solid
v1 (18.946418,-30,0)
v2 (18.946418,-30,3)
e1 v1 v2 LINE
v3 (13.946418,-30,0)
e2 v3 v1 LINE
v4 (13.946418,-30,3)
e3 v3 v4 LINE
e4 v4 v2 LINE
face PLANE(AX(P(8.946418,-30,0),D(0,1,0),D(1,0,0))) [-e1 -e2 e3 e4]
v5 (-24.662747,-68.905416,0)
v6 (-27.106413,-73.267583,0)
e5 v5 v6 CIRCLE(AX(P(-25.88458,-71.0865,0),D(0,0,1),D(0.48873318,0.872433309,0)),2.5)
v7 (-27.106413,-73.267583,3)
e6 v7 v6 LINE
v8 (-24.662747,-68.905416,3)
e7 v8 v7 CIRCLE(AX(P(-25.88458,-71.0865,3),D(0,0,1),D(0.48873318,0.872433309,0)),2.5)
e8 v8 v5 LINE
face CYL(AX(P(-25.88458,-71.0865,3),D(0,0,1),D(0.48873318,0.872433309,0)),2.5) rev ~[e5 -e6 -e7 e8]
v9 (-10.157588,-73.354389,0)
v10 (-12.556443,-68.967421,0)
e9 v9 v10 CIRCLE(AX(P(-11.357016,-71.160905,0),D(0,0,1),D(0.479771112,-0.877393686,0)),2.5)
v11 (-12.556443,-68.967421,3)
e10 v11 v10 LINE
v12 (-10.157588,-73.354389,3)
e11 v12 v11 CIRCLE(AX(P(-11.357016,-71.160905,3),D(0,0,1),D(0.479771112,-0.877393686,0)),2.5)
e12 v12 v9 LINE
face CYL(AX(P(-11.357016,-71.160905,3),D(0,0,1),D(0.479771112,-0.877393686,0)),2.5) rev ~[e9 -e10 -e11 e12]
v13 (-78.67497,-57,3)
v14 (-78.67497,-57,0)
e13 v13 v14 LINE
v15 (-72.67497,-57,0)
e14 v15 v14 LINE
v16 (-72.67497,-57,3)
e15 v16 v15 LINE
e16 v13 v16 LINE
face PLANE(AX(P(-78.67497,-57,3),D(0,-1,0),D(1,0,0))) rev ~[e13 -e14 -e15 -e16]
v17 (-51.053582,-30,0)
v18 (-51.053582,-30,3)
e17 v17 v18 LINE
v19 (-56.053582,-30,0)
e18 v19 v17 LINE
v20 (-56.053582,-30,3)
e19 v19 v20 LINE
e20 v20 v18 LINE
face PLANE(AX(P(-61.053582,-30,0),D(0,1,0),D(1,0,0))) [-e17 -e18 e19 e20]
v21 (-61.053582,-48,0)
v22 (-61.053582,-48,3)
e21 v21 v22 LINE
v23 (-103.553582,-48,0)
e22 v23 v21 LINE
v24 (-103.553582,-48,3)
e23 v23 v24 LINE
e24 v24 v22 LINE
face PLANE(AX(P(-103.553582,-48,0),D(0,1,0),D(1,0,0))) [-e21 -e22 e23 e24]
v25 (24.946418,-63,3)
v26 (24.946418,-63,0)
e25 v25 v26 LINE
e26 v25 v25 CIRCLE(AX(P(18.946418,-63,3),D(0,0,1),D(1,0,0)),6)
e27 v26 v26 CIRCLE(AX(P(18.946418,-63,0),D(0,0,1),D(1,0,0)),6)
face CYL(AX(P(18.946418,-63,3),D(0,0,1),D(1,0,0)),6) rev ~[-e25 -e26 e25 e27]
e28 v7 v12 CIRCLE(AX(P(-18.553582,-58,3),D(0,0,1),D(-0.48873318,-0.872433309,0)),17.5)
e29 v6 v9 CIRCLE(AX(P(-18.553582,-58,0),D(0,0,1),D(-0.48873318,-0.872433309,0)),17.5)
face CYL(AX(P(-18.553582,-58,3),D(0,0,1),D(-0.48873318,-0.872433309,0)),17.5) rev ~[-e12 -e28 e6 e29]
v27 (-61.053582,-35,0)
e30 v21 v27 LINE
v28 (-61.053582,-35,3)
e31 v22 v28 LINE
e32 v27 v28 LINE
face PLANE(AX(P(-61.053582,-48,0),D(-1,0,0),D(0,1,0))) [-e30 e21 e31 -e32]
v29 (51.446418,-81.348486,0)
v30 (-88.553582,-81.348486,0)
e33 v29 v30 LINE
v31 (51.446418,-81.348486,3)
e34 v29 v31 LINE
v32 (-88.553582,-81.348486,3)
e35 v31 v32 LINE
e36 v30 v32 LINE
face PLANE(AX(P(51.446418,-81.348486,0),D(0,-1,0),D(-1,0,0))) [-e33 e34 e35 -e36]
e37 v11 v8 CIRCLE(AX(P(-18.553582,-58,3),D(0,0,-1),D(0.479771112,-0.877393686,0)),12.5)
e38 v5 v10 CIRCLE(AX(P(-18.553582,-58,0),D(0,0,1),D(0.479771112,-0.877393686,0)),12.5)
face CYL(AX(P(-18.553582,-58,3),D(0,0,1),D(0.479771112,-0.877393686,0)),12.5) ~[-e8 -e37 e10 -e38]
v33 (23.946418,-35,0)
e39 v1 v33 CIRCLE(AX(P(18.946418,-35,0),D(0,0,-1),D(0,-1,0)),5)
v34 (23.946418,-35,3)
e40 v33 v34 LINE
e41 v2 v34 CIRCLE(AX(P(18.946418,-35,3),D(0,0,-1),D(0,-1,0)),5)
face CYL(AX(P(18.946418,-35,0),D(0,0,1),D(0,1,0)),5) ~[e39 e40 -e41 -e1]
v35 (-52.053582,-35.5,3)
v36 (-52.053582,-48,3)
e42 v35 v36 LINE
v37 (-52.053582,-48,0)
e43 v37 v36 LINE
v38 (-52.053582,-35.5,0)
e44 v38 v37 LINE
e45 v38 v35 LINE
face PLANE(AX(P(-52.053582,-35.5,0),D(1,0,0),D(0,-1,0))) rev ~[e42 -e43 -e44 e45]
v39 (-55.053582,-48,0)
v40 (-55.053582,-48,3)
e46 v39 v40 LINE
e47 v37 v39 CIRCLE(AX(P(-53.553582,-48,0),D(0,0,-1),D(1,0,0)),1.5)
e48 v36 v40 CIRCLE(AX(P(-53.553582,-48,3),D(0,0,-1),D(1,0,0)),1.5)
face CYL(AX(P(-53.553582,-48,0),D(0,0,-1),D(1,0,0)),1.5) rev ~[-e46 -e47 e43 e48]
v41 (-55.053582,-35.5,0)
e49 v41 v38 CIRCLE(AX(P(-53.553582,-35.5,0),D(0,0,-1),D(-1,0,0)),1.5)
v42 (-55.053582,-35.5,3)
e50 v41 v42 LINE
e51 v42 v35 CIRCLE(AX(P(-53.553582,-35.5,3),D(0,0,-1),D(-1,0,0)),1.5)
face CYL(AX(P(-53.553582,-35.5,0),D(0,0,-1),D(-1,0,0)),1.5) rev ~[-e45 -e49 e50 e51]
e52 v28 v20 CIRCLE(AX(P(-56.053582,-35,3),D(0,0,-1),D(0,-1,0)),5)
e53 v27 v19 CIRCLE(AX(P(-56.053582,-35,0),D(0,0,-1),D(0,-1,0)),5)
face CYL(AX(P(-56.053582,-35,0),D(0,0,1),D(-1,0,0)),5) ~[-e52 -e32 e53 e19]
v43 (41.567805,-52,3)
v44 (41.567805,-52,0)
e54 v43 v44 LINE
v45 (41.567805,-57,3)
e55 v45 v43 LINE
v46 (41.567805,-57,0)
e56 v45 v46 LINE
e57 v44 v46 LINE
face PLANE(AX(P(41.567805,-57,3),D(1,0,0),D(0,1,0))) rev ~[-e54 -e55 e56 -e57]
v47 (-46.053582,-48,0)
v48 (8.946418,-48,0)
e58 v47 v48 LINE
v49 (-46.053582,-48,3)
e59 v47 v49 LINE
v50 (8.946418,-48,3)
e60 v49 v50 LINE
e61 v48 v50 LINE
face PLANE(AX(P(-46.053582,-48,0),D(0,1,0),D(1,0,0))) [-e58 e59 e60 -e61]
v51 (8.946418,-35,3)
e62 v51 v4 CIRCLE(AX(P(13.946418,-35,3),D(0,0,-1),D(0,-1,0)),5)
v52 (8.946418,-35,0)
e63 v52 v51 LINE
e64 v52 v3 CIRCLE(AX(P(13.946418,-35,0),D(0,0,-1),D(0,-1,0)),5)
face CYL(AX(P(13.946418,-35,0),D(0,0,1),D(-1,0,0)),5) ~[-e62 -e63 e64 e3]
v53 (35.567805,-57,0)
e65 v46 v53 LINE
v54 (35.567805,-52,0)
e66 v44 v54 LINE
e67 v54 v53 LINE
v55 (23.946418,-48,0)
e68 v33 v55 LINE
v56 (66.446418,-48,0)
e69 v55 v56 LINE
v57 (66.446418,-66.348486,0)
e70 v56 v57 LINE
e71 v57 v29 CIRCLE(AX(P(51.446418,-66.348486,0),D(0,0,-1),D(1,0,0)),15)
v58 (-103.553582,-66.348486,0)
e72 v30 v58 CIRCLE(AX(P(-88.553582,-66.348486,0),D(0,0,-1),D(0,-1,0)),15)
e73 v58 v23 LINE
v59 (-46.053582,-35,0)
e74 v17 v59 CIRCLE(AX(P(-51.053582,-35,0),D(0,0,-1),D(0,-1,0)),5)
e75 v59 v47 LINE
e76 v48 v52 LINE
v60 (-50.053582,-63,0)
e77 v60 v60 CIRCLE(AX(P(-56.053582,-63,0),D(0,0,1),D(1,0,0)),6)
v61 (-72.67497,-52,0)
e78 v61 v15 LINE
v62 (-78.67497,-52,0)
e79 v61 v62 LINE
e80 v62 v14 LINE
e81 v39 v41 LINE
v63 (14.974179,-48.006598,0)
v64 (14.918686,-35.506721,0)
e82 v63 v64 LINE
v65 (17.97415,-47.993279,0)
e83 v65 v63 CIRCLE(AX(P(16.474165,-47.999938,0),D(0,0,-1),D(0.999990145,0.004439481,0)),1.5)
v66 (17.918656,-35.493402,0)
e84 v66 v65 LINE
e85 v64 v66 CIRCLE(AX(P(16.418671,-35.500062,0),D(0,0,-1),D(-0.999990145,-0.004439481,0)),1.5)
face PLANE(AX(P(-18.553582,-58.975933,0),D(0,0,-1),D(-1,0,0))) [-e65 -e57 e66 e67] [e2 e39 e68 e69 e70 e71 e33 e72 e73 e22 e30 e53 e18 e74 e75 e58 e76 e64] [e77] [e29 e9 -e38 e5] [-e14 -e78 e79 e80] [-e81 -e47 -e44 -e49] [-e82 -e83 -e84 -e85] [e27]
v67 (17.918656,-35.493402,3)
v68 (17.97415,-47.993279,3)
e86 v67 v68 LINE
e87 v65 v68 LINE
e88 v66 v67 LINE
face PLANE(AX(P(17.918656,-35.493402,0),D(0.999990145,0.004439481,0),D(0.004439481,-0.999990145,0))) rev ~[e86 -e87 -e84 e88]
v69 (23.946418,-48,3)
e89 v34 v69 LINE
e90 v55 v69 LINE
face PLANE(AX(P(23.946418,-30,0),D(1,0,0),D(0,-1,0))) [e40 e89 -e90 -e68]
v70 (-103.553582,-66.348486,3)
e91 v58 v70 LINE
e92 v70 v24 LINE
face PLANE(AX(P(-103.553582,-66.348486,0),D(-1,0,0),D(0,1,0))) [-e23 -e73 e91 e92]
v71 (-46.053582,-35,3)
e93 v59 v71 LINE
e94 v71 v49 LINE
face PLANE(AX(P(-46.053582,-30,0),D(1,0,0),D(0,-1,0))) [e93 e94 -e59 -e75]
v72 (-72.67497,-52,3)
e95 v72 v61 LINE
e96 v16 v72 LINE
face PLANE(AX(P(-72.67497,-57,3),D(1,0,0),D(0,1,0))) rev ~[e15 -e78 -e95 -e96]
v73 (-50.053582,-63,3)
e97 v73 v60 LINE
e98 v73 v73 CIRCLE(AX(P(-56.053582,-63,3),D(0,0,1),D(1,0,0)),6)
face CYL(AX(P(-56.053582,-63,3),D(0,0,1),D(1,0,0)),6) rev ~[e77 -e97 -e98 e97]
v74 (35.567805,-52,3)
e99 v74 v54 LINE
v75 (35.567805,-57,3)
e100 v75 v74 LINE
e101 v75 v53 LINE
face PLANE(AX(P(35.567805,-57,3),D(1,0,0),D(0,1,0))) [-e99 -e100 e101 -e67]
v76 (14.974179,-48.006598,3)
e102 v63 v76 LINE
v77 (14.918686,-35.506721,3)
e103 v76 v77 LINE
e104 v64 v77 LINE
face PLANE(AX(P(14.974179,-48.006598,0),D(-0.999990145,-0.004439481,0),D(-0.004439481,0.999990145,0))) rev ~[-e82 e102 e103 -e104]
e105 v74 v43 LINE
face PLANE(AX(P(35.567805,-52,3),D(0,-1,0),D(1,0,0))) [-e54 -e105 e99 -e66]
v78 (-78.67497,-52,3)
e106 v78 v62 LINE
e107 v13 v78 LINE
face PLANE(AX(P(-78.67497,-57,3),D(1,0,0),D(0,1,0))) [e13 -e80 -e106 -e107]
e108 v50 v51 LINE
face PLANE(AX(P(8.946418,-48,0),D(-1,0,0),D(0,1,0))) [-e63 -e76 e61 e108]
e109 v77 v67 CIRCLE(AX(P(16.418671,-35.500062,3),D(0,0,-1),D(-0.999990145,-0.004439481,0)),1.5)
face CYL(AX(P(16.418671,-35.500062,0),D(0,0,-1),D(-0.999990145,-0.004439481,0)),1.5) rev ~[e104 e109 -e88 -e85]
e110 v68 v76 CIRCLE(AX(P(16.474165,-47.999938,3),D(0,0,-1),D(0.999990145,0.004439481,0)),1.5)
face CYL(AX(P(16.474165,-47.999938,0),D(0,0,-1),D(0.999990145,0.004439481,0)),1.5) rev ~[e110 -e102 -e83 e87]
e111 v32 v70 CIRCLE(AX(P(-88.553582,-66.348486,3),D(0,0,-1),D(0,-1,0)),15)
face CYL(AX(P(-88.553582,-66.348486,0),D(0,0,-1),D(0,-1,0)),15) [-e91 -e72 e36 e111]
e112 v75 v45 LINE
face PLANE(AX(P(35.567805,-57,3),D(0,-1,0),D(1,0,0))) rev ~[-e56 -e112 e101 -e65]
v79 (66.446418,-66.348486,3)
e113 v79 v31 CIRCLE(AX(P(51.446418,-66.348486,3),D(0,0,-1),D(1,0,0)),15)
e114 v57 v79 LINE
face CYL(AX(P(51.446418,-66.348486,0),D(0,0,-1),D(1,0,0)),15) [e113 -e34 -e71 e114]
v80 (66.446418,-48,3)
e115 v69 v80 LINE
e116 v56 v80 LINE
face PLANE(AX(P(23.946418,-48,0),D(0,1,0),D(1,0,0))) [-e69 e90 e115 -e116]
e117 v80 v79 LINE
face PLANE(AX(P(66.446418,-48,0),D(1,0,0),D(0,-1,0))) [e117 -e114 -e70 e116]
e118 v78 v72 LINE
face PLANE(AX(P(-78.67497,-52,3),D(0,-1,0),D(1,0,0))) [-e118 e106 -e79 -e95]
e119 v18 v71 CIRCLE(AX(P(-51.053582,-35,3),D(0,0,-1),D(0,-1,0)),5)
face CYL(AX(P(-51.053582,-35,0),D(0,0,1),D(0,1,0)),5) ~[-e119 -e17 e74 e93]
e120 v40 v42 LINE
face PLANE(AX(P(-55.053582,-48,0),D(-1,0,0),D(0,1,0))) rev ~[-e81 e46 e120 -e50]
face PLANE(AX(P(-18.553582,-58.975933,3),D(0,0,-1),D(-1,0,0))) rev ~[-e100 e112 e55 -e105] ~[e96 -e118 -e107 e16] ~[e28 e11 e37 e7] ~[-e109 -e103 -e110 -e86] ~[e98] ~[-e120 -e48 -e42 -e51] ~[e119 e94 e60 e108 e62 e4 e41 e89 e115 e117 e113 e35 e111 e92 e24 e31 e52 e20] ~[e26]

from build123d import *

# Parameters (mm, degrees)
BOSS_EXTRUDE1_DEPTH = 3
FILLET2_R           = 5
SKETCH3_R           = 6
CUT_EXTRUDE1_DEPTH  = 10
SKETCH4_W           = 6
SKETCH4_H           = 5
CUT_EXTRUDE2_DEPTH  = 10


with BuildPart() as part:
    # Sketch1 → Boss-Extrude1 (new body)
    with BuildSketch(Plane.XY):
        with BuildLine():
            Line((-103.55358225, -48), (-61.05358225, -48))
            Line((-61.05358225, -48), (-61.05358225, -30))
            Line((-61.05358225, -30), (-46.05358225, -30))
            Line((-46.05358225, -30), (-46.05358225, -48))
            Line((-46.05358225, -48), (8.94641775, -48))
            Line((8.94641775, -48), (8.94641775, -30))
            Line((8.94641775, -30), (23.94641775, -30))
            Line((23.94641775, -30), (23.94641775, -48))
            Line((23.94641775, -48), (66.44641775, -48))
            Line((66.44641775, -48), (66.44641775, -66.348486101))
            ThreePointArc((66.44641775, -66.348486101), (62.053019468, -76.955087819), (51.44641775, -81.348486101))
            Line((51.44641775, -81.348486101), (-88.55358225, -81.348486101))
            ThreePointArc((-88.55358225, -81.348486101), (-99.160183967, -76.955087819), (-103.55358225, -66.348486101))
            Line((-103.55358225, -66.348486101), (-103.55358225, -48))
        make_face()
        with BuildLine():
            Line((-55.05358225, -48.000000021), (-55.05358225, -35.500000021))
            ThreePointArc((-55.05358225, -35.500000021), (-53.55358225, -34.000000021), (-52.05358225, -35.500000021))
            Line((-52.05358225, -35.500000021), (-52.05358225, -48.000000021))
            ThreePointArc((-52.05358225, -48.000000021), (-53.55358225, -49.500000021), (-55.05358225, -48.000000021))
        make_face(mode=Mode.SUBTRACT)
        with BuildLine():
            Line((14.97417929, -48.006597652), (14.918685775, -35.506720833))
            ThreePointArc((14.918685775, -35.506720833), (16.412011771, -34.000076394), (17.918656211, -35.49340239))
            Line((17.918656211, -35.49340239), (17.974149726, -47.993279208))
            ThreePointArc((17.974149726, -47.993279208), (16.48082373, -49.499923648), (14.97417929, -48.006597652))
        make_face(mode=Mode.SUBTRACT)
    extrude(amount=BOSS_EXTRUDE1_DEPTH)

    # Fillet2
    fillet2_edges = [part.edges().sort_by_distance(p)[0] for p in [
        (-61.05358225, -30, 1.5),
        (-46.05358225, -30, 1.5),
        (8.94641775, -30, 1.5),
        (23.94641775, -30, 1.5),
    ]]
    fillet(fillet2_edges, radius=FILLET2_R)

    # Sketch3 → Cut-Extrude1 (cut)
    with BuildSketch(Plane.XY.offset(3)):
        with Locations((-56.05358225, -63)):
            Circle(SKETCH3_R)
        with Locations((18.94641775, -63)):
            Circle(SKETCH3_R)
        with BuildLine():
            ThreePointArc((-27.106412897, -73.26758291), (-18.643210609, -75.499770477), (-10.157587782, -73.354389499))
            ThreePointArc((-10.157587782, -73.354389499), (-9.163531348, -69.961477504), (-12.556443344, -68.967421071))
            ThreePointArc((-12.556443344, -68.967421071), (-18.617602506, -70.499836055), (-24.662746998, -68.905416364))
            ThreePointArc((-24.662746998, -68.905416364), (-28.06566322, -69.864666688), (-27.106412897, -73.26758291))
        make_face()
    extrude(amount=-CUT_EXTRUDE1_DEPTH, mode=Mode.SUBTRACT)

    # Sketch4 → Cut-Extrude2 (cut)
    with BuildSketch(Plane.XY.offset(3)):
        with Locations((38.567805477, -54.5)):
            Rectangle(SKETCH4_W, SKETCH4_H)
        with Locations((-75.674969976, -54.5)):
            Rectangle(SKETCH4_W, SKETCH4_H)
    extrude(amount=-CUT_EXTRUDE2_DEPTH, mode=Mode.SUBTRACT)


solid = part.part
